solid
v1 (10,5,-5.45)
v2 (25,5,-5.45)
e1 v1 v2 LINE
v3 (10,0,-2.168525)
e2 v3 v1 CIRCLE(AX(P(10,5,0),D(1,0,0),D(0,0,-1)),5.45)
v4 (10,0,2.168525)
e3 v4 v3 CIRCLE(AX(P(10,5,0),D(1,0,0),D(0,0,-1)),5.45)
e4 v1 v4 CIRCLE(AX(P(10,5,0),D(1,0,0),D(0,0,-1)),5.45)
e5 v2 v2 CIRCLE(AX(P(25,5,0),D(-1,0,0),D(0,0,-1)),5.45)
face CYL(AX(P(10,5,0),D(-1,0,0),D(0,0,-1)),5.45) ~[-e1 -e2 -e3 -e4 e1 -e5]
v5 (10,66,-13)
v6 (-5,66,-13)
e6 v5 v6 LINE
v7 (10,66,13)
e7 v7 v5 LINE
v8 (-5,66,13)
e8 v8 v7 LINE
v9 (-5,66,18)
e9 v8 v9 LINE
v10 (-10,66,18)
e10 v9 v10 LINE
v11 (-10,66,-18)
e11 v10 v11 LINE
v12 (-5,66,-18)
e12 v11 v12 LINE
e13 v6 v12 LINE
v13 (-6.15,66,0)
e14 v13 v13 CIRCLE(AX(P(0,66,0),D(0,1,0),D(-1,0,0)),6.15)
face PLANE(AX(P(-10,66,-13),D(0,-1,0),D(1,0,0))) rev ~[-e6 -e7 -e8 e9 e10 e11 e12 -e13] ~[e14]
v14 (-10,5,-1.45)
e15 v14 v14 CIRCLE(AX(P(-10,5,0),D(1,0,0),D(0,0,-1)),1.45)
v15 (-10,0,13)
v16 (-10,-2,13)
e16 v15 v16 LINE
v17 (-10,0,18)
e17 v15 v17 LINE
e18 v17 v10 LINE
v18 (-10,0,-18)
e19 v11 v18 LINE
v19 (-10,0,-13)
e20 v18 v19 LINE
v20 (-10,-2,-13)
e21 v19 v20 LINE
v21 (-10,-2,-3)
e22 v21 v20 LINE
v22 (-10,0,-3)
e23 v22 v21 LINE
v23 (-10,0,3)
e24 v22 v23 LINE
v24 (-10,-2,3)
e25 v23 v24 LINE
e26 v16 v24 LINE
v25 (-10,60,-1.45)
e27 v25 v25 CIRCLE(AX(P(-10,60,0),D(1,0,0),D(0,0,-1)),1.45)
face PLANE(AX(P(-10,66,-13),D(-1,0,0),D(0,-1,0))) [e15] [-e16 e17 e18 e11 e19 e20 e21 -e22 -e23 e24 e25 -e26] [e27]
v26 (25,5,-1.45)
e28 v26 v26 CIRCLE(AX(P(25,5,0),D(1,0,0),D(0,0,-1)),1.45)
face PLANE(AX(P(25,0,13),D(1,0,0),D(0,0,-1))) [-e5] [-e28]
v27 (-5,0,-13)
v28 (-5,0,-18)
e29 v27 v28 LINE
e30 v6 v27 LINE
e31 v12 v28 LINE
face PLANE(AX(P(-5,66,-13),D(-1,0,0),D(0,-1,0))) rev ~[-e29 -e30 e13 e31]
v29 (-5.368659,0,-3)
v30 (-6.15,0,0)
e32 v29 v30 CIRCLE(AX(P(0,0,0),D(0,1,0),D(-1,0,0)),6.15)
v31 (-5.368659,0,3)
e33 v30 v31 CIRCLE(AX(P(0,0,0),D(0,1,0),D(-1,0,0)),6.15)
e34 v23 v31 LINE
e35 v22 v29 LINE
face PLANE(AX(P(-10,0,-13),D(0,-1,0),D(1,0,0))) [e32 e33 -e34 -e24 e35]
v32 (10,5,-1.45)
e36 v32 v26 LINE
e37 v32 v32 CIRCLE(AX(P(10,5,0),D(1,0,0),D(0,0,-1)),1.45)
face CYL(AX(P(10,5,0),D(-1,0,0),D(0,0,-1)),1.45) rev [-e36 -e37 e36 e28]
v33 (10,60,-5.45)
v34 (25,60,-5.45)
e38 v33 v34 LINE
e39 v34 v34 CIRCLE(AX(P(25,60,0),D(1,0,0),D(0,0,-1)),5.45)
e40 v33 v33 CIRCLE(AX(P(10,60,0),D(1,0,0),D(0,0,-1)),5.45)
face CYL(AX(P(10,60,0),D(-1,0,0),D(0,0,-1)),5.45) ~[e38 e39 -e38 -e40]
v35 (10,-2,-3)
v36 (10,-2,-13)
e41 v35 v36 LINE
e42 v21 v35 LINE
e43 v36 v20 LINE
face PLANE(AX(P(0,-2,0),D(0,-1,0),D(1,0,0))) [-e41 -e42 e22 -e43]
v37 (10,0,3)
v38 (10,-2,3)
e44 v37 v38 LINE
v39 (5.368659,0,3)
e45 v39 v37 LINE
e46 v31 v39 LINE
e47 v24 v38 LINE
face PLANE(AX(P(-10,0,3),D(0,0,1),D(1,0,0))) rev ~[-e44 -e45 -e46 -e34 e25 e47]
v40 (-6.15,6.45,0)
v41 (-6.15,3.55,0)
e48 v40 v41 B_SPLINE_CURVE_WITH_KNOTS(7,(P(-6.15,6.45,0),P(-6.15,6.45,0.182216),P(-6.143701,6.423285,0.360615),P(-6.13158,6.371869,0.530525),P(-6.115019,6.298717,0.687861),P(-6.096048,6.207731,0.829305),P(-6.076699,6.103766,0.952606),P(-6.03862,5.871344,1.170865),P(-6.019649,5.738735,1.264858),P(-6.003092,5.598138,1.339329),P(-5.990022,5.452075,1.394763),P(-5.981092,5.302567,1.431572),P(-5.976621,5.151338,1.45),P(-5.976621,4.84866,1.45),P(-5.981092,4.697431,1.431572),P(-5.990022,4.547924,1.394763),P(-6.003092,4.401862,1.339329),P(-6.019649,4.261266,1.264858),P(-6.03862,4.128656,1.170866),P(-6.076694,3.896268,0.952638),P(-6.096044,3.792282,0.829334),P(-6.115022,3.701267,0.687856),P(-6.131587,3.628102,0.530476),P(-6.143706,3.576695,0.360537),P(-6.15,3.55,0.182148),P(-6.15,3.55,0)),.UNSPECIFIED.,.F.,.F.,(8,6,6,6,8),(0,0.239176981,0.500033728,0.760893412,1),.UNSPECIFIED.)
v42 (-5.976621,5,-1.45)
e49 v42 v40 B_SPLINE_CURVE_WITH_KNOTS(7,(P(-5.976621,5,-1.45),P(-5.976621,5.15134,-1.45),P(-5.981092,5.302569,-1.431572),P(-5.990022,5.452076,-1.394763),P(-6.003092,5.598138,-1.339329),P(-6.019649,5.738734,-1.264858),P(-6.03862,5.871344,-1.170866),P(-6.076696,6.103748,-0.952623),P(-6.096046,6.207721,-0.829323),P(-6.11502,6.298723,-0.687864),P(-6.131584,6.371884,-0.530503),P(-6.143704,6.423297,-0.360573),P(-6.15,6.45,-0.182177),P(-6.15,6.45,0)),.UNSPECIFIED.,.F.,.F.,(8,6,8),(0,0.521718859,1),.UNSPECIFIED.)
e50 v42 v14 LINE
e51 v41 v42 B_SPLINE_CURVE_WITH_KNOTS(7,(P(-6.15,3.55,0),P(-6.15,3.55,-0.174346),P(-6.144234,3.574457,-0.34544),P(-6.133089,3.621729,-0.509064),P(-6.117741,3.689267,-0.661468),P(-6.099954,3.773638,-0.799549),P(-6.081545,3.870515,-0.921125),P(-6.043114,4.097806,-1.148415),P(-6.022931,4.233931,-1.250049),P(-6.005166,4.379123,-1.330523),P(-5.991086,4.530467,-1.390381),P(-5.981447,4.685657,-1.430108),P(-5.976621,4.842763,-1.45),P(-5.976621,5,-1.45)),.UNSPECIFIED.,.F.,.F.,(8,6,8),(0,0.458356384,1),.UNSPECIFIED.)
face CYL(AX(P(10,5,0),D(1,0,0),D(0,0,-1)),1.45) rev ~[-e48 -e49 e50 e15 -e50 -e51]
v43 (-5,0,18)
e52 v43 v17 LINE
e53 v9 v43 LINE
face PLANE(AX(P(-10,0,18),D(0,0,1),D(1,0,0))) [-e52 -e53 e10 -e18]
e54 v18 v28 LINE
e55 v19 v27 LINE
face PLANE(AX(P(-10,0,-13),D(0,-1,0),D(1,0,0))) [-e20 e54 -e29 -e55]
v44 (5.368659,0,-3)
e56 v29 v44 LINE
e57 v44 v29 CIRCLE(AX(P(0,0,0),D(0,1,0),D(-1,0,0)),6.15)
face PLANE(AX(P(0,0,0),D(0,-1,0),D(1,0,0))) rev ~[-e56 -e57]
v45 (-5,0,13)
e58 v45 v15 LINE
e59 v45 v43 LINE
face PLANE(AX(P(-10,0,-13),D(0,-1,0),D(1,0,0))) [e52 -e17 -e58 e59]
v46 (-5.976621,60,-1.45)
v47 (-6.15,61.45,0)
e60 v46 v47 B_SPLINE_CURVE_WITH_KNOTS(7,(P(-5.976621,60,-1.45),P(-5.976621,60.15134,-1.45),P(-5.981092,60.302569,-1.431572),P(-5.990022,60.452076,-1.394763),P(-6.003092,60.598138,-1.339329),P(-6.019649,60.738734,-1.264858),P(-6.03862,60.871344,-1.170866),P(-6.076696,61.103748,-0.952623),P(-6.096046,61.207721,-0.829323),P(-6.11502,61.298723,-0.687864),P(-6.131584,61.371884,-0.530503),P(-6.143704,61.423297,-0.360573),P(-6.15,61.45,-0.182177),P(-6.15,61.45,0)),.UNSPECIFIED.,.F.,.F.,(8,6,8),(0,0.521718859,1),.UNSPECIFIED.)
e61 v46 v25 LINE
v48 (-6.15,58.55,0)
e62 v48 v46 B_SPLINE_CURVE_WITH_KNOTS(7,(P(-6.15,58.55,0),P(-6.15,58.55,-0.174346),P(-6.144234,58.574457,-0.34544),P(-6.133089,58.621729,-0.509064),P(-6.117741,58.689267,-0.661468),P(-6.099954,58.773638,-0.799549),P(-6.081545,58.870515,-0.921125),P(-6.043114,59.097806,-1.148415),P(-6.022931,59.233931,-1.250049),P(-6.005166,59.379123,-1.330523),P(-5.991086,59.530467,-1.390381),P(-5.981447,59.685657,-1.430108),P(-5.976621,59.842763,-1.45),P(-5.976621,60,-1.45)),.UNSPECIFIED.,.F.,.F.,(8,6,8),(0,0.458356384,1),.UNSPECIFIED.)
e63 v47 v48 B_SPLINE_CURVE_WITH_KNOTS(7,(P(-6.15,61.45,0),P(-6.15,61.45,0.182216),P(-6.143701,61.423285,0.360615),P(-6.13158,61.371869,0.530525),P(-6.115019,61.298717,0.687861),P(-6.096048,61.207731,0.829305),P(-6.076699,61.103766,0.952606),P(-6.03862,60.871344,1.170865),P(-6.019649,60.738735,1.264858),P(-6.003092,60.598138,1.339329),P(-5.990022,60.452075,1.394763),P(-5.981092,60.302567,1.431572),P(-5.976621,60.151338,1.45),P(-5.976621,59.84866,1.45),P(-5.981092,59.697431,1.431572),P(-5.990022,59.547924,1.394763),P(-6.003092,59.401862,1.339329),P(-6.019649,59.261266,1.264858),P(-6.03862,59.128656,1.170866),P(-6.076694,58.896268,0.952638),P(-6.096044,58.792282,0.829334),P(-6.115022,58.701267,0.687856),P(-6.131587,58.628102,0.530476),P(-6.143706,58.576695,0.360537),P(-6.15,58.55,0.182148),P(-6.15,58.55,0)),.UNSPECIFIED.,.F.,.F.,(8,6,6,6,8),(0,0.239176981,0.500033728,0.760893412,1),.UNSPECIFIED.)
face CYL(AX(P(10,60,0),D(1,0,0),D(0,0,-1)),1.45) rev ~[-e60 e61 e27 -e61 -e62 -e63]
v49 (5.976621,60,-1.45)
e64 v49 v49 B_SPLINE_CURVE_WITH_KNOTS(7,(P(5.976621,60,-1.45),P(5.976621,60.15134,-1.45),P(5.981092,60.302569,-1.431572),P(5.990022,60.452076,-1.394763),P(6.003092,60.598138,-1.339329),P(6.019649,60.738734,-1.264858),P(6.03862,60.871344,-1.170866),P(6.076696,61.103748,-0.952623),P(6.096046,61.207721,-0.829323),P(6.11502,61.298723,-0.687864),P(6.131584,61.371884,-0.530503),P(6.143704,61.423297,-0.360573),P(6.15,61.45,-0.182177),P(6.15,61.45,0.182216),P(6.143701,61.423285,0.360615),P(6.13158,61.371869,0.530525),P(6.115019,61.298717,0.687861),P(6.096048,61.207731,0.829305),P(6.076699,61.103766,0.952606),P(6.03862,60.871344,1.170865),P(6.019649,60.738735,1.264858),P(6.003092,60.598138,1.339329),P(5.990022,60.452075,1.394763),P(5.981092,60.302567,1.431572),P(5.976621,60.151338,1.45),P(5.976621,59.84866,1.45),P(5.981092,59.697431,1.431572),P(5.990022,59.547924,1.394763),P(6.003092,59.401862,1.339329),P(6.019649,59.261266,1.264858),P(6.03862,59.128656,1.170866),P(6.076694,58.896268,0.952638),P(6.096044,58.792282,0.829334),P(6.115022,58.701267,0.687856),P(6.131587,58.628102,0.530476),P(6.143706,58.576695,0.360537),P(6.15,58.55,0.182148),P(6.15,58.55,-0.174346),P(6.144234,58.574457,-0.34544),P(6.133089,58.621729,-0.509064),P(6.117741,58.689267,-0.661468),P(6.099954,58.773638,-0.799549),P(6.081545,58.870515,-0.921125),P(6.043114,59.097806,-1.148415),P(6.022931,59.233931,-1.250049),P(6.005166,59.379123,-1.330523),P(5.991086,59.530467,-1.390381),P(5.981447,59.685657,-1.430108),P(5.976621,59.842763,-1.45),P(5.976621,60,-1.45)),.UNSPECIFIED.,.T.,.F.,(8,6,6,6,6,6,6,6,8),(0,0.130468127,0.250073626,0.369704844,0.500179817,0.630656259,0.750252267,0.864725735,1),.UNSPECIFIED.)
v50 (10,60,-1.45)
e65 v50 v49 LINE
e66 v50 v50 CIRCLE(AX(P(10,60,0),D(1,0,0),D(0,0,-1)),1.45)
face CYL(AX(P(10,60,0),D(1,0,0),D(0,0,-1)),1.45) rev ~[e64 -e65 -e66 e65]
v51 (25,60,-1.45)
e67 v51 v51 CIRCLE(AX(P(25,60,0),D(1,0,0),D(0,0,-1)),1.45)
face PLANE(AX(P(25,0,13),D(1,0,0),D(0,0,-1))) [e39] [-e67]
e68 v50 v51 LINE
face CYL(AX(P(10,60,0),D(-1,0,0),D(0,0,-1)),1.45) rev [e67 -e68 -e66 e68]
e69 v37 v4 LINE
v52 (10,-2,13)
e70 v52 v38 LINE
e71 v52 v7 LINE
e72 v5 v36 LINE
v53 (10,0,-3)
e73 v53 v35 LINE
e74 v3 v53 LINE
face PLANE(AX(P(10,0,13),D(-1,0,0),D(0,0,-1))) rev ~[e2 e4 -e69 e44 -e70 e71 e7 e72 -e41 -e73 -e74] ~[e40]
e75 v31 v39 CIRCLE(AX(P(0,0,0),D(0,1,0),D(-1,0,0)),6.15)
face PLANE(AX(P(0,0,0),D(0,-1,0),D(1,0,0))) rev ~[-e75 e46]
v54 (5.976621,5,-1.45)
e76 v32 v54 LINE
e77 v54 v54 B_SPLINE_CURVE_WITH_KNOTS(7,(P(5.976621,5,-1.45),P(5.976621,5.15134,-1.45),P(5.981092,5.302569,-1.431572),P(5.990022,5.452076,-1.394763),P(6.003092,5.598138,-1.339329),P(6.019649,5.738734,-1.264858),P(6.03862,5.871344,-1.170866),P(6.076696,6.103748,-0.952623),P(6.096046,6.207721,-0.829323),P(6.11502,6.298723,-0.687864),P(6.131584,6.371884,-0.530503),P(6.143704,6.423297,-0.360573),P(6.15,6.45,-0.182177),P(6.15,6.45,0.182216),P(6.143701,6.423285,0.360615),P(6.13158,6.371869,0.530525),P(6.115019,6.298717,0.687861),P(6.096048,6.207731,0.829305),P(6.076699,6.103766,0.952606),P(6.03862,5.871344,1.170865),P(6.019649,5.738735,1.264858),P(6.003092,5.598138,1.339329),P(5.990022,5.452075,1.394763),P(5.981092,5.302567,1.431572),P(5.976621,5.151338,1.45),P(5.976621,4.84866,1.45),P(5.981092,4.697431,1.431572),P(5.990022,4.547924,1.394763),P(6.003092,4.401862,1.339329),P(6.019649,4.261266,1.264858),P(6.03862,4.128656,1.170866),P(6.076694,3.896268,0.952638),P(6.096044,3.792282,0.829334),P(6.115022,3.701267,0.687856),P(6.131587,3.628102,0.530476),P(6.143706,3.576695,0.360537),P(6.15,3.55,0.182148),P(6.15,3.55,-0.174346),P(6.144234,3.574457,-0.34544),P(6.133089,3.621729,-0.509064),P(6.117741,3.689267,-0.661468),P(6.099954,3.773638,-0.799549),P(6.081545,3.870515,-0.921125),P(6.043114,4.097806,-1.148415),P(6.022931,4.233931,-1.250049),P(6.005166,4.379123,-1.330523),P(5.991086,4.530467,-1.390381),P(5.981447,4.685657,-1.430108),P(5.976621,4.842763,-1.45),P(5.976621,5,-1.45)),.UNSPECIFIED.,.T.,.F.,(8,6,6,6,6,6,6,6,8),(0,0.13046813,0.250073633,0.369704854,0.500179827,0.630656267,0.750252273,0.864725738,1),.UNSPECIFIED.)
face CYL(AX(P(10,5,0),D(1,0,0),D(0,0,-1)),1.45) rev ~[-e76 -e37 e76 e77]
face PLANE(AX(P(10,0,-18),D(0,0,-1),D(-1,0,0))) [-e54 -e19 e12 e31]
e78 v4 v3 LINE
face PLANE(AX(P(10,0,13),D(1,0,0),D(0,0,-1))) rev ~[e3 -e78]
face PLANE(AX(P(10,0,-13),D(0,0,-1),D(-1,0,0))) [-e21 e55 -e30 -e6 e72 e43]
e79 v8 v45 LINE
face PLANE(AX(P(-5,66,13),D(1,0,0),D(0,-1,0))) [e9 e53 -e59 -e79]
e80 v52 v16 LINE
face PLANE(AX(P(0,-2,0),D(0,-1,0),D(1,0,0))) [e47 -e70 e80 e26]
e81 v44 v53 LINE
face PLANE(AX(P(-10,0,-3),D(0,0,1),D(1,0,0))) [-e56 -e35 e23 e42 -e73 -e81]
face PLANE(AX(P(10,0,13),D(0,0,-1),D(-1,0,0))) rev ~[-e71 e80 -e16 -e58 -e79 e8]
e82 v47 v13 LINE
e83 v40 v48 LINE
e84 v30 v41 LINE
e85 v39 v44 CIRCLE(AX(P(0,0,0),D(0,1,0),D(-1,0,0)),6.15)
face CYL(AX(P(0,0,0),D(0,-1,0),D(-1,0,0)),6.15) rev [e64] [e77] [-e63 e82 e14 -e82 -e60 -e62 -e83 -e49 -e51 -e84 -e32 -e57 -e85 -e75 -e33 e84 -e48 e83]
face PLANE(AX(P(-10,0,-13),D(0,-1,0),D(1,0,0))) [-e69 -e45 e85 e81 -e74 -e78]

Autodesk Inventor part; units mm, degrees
ref_plane "YZ Plane" through (0, 0, 0) normal (1, 0, 0) x (0, 1, 0)
ref_plane "XZ Plane" through (0, 0, 0) normal (0, 1, 0) x (-1, 0, 0)
ref_plane "XY Plane" through (0, 0, 0) normal (0, 0, 1) x (1, 0, 0)
sketch "Sketch1" plane through (0, 0, 0) normal (0, 1, 0) x (-1, 0, 0)
  circle A0 centre (0, 0) radius 6.15
  line L0 (10, 13) -> (-10, 13)
  line L1 (-10, 13) -> (-10, -13)
  line L2 (-10, -13) -> (10, -13)
  line L3 (10, -13) -> (10, 13)
  dimension "d0" = 12.3
  dimension "d1" = 10
  dimension "d2" = 10
  dimension "d3" = 13
  dimension "d4" = 13
extrude "Extrusion1" add sketch "Sketch1" along normal blind 66
sketch "Sketch2" plane through (10, 0, 13) normal (1, 0, 0) x (0, 0, -1)
  circle A0 centre (13, 5) radius 1.45
  line L0 (0, 0) -> (26, 0) projected
  circle A1 centre (13, 60) radius 1.45
  line L1 (0, 0) -> (0, 66) projected
  point P0 (13, 0)
  dimension "d7" = 2.9
  dimension "d8" = 5
  dimension "d9" = 2.9
  dimension "d11" = 13
  dimension "d12" = 13
  dimension "d41" = 55
extrude "Extrusion2" cut sketch "Sketch2" against normal blind 55
sketch "Sketch3" plane through (10, 0, 13) normal (1, 0, 0) x (0, 0, -1)
  circle A0 centre (13, 5) radius 1.45 projected
  circle A1 centre (13, 60) radius 1.45 projected
  line L0 (0, 0) -> (26, 0) projected
  line L1 (26, 0) -> (26, 66) projected
  line L2 (0, 66) -> (26, 66) projected
  line L3 (0, 0) -> (0, 66) projected
  circle A2 centre (13, 60) radius 5.45
  circle A3 centre (13, 5) radius 5.45
  circle A4 centre (4, 46) radius 1.6
  circle A5 centre (22, 46) radius 1.6
  circle A6 centre (4, 4) radius 1.6
  circle A7 centre (22, 4) radius 1.6
  point P0 (13, 0)
  dimension "d15" = 4
  dimension "d16" = 4
  dimension "d19" = 3.2
  dimension "d20" = 3.2
  dimension "d21" = 3.2
  dimension "d22" = 3.2
  dimension "d23" = 4
  dimension "d24" = 4
  dimension "d25" = 4
  dimension "d26" = 4
extrude "Extrusion3" add sketch "Sketch3" along normal blind 15 contours A3 L0 | L0 A3 | A2
sketch "Sketch6" plane through (-10, 0, 13) normal (0, 0, 1) x (1, 0, 0)
  line L0 (20, 66) -> (0, 66) projected
  line L1 (20, 0) -> (0, 0) projected
  line L2 (0, 66) -> (5, 66)
  line L3 (5, 66) -> (5, 0)
  line L4 (5, 0) -> (0, 0)
  line L5 (0, 0) -> (0, 66)
  point P0 (10, 0)
  dimension "d31" = 5
extrude "Extrusion6" add sketch "Sketch6" along normal blind 5
sketch "Sketch7" plane through (10, 0, -13) normal (0, 0, -1) x (-1, 0, 0)
  line L0 (20, 66) -> (20, 0) projected
  line L1 (20, 0) -> (15, 0) projected
  line L2 (20, 66) -> (15, 66)
  line L3 (15, 66) -> (15, 0)
  line L4 (15, 0) -> (20, 0)
  line L5 (20, 0) -> (20, 66)
  point P0 (10, 0)
  dimension "d34" = 5
extrude "Extrusion7" add sketch "Sketch7" along normal blind 5
sketch "Sketch8" plane through (0, 0, 0) normal (0, -1, 0) x (1, 0, 0)
  line L0 (10, 13) -> (10, -13) projected
  line L1 (-10, 18) -> (-10, -18) projected
  line L2 (10, 13) -> (-10, 13)
  line L3 (-10, 13) -> (-10, 3)
  line L4 (-10, 3) -> (10, 3)
  line L5 (10, 3) -> (10, 13)
  line L6 (10, -13) -> (-5, -13) projected
  line L7 (10, -13) -> (-10, -13)
  line L8 (-10, -13) -> (-10, -3)
  line L9 (-10, -3) -> (10, -3)
  line L10 (10, -3) -> (10, -13)
  point P0 (0, 0)
  point P1 (10, -3)
  point P2 (-10, -3)
  dimension "d37" = 10
  dimension "d38" = 10
extrude "Extrusion8" add sketch "Sketch8" along normal blind 2 contours L0 L4 L1 L2 | L0 L6 L7 L1 L9
properties part number "Tube_outerhole_template_large_p1"
